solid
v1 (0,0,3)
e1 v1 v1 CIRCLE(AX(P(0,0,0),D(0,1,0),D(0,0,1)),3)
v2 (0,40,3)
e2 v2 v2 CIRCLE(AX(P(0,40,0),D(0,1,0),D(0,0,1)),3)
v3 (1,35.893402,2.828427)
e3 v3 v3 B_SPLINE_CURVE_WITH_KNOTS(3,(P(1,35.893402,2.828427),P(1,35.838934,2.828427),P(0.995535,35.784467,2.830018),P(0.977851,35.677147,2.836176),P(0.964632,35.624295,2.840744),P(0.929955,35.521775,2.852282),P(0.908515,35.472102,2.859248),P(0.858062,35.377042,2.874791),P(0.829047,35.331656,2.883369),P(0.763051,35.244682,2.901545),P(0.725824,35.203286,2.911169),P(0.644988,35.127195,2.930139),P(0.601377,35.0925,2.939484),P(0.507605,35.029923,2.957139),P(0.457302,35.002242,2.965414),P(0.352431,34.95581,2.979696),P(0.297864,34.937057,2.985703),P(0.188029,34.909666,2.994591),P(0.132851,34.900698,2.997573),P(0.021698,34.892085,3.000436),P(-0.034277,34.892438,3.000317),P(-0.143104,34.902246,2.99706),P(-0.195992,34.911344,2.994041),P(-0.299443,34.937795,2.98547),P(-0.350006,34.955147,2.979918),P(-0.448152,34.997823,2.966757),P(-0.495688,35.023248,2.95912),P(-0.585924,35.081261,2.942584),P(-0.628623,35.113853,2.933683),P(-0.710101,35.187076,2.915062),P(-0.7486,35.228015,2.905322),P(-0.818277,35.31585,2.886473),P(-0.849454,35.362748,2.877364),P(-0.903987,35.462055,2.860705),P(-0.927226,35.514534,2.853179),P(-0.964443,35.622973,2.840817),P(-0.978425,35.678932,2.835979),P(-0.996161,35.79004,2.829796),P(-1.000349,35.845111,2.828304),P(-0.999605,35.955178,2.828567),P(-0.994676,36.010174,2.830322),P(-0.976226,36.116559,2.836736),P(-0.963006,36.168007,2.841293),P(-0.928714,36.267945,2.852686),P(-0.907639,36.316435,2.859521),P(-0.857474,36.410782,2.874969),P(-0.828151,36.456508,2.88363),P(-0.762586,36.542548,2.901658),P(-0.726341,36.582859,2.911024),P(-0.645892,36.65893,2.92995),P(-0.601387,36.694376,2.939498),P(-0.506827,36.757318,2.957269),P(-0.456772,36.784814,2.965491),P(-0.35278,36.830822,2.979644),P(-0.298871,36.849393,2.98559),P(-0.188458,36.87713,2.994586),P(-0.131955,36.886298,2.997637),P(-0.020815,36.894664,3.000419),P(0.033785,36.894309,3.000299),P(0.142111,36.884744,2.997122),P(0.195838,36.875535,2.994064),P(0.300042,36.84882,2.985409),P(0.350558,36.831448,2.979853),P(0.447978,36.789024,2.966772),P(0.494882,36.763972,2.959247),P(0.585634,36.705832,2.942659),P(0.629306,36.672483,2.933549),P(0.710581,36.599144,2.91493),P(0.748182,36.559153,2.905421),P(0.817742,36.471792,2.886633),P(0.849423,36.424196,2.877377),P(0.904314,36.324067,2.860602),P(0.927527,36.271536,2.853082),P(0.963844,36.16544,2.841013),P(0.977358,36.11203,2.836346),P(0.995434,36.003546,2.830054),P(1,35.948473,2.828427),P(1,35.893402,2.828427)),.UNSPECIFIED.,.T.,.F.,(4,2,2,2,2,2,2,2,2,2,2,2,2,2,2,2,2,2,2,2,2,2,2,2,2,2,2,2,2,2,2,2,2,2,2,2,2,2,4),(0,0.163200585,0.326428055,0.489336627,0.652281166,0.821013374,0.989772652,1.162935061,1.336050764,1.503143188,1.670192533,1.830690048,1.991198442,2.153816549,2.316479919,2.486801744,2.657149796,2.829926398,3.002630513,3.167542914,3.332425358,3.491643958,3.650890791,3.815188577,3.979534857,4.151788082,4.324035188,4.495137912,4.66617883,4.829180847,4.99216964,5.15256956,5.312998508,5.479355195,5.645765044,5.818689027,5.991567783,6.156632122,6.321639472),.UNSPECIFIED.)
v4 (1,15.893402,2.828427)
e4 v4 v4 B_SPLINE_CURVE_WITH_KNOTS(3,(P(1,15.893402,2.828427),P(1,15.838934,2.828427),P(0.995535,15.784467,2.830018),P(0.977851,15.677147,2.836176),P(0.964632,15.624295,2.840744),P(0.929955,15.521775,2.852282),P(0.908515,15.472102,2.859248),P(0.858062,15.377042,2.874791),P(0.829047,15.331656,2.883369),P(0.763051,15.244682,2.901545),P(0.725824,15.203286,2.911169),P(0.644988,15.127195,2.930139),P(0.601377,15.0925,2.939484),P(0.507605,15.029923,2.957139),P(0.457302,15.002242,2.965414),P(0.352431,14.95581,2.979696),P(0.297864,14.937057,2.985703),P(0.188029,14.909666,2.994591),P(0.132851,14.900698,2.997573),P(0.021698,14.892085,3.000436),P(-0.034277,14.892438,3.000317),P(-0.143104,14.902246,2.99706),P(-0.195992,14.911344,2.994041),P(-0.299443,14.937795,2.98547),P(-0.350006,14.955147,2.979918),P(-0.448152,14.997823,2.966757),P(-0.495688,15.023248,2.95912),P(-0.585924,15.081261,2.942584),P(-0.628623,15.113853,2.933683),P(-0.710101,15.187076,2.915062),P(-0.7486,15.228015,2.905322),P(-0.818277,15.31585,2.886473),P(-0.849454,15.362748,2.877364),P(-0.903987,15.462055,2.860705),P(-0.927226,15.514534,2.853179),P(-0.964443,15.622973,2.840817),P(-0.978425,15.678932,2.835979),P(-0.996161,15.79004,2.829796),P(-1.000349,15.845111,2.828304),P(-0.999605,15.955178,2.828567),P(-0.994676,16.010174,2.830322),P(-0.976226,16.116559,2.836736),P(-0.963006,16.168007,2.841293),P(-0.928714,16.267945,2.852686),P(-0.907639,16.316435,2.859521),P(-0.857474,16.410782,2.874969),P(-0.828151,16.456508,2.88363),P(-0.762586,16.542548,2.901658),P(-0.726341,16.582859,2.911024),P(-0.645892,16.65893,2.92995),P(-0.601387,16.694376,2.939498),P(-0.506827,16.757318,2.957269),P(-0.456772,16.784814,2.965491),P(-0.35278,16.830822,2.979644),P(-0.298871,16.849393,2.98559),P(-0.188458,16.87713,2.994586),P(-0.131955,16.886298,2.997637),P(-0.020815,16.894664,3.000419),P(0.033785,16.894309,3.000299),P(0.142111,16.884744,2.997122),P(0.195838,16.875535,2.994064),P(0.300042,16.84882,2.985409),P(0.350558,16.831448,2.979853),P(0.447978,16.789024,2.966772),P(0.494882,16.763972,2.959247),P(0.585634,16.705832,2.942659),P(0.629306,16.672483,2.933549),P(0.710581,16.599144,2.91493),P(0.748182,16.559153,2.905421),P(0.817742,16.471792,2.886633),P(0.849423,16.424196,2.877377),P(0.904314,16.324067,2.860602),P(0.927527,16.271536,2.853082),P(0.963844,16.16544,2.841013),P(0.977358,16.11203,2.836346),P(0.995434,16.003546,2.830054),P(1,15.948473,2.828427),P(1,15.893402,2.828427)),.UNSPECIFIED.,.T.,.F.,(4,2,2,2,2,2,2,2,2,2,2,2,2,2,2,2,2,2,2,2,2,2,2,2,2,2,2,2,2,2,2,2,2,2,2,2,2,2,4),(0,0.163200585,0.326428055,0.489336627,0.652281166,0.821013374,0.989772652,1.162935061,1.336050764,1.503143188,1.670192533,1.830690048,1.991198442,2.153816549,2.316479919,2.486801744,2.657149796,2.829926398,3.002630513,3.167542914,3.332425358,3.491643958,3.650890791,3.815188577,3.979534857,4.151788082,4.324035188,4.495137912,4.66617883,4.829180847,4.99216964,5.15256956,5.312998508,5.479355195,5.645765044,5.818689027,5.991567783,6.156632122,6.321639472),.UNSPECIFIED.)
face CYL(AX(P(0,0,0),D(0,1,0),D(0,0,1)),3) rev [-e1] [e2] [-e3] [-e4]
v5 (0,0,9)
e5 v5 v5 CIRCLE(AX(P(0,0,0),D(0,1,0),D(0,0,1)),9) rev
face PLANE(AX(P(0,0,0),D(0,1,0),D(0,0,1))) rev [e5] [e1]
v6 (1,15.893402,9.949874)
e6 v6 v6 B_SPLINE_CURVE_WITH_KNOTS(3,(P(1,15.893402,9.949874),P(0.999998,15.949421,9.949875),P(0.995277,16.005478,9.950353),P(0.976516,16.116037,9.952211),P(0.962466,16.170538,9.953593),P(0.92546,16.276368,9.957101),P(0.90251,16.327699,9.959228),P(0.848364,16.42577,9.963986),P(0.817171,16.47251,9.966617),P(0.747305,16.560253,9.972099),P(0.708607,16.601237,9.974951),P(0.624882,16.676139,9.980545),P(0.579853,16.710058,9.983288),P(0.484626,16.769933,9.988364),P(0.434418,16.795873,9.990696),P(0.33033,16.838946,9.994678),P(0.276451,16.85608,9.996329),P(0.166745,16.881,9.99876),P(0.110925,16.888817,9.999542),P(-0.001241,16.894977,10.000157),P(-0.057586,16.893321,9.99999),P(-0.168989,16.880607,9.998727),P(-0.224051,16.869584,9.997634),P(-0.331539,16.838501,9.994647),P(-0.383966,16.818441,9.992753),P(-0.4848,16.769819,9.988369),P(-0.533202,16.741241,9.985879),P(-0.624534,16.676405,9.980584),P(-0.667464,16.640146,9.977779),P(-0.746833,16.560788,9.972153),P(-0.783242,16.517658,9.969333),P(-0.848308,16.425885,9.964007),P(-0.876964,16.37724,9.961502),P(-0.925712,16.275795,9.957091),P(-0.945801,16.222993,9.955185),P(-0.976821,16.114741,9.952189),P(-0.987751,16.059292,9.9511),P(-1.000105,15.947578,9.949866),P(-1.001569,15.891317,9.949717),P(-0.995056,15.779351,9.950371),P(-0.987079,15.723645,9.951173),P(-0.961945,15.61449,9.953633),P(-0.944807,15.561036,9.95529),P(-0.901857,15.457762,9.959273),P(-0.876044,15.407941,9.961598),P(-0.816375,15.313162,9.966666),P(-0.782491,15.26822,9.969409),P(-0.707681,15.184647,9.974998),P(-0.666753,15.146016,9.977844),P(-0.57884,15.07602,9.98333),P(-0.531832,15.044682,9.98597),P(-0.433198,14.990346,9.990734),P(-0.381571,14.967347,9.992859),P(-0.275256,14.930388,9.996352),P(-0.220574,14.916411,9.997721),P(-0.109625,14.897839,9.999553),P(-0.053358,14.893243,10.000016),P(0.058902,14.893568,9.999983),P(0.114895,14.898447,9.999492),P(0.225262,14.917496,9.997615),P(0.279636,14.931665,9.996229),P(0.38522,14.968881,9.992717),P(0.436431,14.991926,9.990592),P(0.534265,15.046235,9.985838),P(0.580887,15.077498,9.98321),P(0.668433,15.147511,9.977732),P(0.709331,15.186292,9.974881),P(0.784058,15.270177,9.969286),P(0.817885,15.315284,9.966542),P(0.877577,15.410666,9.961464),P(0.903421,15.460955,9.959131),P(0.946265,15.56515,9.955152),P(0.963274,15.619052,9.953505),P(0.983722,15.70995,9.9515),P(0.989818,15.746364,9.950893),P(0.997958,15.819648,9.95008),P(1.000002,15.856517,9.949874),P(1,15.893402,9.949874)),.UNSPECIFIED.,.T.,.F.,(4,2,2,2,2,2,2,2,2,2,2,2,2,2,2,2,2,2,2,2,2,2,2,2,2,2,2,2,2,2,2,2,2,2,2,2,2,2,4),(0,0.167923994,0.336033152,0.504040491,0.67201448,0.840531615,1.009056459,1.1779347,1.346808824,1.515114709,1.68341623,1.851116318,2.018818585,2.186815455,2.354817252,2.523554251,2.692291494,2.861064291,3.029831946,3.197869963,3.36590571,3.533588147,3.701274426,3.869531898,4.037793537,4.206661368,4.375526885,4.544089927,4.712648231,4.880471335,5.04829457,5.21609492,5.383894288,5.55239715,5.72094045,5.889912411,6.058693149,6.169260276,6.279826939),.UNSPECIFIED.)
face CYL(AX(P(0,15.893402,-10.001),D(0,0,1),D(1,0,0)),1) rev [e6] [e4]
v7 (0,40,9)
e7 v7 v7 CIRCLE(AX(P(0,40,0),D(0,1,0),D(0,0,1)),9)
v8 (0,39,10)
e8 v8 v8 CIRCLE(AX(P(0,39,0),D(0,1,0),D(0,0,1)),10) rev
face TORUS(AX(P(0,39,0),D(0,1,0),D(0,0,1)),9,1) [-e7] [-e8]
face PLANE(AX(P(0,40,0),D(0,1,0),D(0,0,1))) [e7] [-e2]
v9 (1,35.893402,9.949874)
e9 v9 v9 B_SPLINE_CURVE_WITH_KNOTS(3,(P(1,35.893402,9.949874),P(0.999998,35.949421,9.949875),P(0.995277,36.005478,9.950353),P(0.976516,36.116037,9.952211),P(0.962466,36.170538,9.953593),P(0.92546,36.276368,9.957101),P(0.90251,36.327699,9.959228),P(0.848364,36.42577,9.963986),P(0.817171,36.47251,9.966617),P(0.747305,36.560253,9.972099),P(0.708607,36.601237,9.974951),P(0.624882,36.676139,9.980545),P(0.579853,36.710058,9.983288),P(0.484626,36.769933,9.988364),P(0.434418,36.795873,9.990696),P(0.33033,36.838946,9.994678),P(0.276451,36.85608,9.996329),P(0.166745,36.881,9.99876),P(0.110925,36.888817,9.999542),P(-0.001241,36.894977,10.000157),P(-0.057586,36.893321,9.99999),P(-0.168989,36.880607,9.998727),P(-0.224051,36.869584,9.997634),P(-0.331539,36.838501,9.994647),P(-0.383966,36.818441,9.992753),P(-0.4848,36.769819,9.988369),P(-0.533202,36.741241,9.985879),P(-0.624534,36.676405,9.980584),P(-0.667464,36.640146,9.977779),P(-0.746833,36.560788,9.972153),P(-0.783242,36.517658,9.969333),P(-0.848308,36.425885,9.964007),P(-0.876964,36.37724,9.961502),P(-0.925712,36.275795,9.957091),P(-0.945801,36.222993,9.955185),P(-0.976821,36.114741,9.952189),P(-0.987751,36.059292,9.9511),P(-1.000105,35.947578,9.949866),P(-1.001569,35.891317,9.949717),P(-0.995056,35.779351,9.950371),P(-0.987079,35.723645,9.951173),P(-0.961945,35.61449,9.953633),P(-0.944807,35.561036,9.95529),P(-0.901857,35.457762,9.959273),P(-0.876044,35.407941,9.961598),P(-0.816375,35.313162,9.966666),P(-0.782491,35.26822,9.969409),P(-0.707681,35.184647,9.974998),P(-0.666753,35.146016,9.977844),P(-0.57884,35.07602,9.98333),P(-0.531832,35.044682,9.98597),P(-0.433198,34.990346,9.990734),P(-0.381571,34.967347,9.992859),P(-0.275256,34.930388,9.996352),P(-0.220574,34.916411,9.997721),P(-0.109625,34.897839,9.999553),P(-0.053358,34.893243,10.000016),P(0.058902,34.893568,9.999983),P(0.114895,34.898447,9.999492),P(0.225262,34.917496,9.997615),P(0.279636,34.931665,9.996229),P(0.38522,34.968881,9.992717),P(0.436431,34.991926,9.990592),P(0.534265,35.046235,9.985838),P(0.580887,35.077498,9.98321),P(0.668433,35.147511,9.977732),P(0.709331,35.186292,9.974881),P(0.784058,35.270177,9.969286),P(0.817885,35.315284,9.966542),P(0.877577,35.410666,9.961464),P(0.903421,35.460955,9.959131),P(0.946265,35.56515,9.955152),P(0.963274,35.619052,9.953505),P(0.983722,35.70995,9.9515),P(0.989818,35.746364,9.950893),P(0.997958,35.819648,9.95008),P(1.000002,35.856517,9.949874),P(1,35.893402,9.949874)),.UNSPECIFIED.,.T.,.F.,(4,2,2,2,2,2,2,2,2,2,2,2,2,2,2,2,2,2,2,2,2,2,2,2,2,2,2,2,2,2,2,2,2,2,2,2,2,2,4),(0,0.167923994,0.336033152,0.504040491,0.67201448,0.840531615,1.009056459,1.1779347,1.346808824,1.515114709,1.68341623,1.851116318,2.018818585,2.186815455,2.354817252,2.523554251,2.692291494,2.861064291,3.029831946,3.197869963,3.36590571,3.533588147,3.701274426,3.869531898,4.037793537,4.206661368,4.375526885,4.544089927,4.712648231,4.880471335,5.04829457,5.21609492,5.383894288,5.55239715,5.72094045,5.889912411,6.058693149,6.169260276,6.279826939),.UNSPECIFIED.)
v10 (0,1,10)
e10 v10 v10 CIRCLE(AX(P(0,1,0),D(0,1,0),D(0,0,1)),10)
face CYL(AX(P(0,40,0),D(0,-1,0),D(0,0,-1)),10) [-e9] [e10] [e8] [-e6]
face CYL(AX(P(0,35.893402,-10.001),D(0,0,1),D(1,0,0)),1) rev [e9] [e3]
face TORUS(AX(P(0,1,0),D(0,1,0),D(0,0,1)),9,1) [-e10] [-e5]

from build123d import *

# Parameters (mm, degrees)
SKETCH1_R           = 10
BOSS_EXTRUDE1_DEPTH = 40
FILLET1_R           = 1
FILLET2_R           = 1
SKETCH2_R           = 3
CUT_EXTRUDE1_DEPTH  = 41
CUT_EXTRUDE2_REACH  = 22
SKETCH4_R           = 1


with BuildPart() as part:
    # Sketch1 → Boss-Extrude1 (new body)
    with BuildSketch(Plane(origin=(0, 0, 0), x_dir=(1, 0, 0), z_dir=(0, 1, 0))):
        Circle(SKETCH1_R)
    extrude(amount=BOSS_EXTRUDE1_DEPTH)

    # Fillet1
    fillet1_edges = [part.edges().sort_by_distance(p)[0] for p in [
        (-10, 40, 0),
    ]]
    fillet(fillet1_edges, radius=FILLET1_R)

    # Fillet2
    fillet2_edges = [part.edges().sort_by_distance(p)[0] for p in [
        (-10, 0, 0),
    ]]
    fillet(fillet2_edges, radius=FILLET2_R)

    # Sketch2 → Cut-Extrude1 (cut, through all)
    with BuildSketch(Plane(origin=(0, 40, 0), x_dir=(1, 0, 0), z_dir=(0, 1, 0))):
        Circle(SKETCH2_R)
    extrude(amount=-CUT_EXTRUDE1_DEPTH, mode=Mode.SUBTRACT)

    # Sketch4 → Cut-Extrude2 (cut, up to next)
    with BuildSketch(Plane(origin=(0, 40, 10), x_dir=(1, 0, 0), z_dir=(0, 0, 1)), mode=Mode.PRIVATE) as cut_extrude2_sk1:
        with Locations((0, -4.106598233)):
            Circle(SKETCH4_R)
    cut_extrude2_tool1 = extrude(cut_extrude2_sk1.sketch, amount=-CUT_EXTRUDE2_REACH, mode=Mode.PRIVATE) & part.part
    add(cut_extrude2_tool1.solids().sort_by_distance((0, 35.893402, 10))[0], mode=Mode.SUBTRACT)
    # Sketch4 → Cut-Extrude2 (cut, up to next)
    with BuildSketch(Plane(origin=(0, 40, 10), x_dir=(1, 0, 0), z_dir=(0, 0, 1)), mode=Mode.PRIVATE) as cut_extrude2_sk2:
        with Locations((0, -24.106598233)):
            Circle(SKETCH4_R)
    cut_extrude2_tool2 = extrude(cut_extrude2_sk2.sketch, amount=-CUT_EXTRUDE2_REACH, mode=Mode.PRIVATE) & part.part
    add(cut_extrude2_tool2.solids().sort_by_distance((0, 15.893402, 10))[0], mode=Mode.SUBTRACT)


solid = part.part
